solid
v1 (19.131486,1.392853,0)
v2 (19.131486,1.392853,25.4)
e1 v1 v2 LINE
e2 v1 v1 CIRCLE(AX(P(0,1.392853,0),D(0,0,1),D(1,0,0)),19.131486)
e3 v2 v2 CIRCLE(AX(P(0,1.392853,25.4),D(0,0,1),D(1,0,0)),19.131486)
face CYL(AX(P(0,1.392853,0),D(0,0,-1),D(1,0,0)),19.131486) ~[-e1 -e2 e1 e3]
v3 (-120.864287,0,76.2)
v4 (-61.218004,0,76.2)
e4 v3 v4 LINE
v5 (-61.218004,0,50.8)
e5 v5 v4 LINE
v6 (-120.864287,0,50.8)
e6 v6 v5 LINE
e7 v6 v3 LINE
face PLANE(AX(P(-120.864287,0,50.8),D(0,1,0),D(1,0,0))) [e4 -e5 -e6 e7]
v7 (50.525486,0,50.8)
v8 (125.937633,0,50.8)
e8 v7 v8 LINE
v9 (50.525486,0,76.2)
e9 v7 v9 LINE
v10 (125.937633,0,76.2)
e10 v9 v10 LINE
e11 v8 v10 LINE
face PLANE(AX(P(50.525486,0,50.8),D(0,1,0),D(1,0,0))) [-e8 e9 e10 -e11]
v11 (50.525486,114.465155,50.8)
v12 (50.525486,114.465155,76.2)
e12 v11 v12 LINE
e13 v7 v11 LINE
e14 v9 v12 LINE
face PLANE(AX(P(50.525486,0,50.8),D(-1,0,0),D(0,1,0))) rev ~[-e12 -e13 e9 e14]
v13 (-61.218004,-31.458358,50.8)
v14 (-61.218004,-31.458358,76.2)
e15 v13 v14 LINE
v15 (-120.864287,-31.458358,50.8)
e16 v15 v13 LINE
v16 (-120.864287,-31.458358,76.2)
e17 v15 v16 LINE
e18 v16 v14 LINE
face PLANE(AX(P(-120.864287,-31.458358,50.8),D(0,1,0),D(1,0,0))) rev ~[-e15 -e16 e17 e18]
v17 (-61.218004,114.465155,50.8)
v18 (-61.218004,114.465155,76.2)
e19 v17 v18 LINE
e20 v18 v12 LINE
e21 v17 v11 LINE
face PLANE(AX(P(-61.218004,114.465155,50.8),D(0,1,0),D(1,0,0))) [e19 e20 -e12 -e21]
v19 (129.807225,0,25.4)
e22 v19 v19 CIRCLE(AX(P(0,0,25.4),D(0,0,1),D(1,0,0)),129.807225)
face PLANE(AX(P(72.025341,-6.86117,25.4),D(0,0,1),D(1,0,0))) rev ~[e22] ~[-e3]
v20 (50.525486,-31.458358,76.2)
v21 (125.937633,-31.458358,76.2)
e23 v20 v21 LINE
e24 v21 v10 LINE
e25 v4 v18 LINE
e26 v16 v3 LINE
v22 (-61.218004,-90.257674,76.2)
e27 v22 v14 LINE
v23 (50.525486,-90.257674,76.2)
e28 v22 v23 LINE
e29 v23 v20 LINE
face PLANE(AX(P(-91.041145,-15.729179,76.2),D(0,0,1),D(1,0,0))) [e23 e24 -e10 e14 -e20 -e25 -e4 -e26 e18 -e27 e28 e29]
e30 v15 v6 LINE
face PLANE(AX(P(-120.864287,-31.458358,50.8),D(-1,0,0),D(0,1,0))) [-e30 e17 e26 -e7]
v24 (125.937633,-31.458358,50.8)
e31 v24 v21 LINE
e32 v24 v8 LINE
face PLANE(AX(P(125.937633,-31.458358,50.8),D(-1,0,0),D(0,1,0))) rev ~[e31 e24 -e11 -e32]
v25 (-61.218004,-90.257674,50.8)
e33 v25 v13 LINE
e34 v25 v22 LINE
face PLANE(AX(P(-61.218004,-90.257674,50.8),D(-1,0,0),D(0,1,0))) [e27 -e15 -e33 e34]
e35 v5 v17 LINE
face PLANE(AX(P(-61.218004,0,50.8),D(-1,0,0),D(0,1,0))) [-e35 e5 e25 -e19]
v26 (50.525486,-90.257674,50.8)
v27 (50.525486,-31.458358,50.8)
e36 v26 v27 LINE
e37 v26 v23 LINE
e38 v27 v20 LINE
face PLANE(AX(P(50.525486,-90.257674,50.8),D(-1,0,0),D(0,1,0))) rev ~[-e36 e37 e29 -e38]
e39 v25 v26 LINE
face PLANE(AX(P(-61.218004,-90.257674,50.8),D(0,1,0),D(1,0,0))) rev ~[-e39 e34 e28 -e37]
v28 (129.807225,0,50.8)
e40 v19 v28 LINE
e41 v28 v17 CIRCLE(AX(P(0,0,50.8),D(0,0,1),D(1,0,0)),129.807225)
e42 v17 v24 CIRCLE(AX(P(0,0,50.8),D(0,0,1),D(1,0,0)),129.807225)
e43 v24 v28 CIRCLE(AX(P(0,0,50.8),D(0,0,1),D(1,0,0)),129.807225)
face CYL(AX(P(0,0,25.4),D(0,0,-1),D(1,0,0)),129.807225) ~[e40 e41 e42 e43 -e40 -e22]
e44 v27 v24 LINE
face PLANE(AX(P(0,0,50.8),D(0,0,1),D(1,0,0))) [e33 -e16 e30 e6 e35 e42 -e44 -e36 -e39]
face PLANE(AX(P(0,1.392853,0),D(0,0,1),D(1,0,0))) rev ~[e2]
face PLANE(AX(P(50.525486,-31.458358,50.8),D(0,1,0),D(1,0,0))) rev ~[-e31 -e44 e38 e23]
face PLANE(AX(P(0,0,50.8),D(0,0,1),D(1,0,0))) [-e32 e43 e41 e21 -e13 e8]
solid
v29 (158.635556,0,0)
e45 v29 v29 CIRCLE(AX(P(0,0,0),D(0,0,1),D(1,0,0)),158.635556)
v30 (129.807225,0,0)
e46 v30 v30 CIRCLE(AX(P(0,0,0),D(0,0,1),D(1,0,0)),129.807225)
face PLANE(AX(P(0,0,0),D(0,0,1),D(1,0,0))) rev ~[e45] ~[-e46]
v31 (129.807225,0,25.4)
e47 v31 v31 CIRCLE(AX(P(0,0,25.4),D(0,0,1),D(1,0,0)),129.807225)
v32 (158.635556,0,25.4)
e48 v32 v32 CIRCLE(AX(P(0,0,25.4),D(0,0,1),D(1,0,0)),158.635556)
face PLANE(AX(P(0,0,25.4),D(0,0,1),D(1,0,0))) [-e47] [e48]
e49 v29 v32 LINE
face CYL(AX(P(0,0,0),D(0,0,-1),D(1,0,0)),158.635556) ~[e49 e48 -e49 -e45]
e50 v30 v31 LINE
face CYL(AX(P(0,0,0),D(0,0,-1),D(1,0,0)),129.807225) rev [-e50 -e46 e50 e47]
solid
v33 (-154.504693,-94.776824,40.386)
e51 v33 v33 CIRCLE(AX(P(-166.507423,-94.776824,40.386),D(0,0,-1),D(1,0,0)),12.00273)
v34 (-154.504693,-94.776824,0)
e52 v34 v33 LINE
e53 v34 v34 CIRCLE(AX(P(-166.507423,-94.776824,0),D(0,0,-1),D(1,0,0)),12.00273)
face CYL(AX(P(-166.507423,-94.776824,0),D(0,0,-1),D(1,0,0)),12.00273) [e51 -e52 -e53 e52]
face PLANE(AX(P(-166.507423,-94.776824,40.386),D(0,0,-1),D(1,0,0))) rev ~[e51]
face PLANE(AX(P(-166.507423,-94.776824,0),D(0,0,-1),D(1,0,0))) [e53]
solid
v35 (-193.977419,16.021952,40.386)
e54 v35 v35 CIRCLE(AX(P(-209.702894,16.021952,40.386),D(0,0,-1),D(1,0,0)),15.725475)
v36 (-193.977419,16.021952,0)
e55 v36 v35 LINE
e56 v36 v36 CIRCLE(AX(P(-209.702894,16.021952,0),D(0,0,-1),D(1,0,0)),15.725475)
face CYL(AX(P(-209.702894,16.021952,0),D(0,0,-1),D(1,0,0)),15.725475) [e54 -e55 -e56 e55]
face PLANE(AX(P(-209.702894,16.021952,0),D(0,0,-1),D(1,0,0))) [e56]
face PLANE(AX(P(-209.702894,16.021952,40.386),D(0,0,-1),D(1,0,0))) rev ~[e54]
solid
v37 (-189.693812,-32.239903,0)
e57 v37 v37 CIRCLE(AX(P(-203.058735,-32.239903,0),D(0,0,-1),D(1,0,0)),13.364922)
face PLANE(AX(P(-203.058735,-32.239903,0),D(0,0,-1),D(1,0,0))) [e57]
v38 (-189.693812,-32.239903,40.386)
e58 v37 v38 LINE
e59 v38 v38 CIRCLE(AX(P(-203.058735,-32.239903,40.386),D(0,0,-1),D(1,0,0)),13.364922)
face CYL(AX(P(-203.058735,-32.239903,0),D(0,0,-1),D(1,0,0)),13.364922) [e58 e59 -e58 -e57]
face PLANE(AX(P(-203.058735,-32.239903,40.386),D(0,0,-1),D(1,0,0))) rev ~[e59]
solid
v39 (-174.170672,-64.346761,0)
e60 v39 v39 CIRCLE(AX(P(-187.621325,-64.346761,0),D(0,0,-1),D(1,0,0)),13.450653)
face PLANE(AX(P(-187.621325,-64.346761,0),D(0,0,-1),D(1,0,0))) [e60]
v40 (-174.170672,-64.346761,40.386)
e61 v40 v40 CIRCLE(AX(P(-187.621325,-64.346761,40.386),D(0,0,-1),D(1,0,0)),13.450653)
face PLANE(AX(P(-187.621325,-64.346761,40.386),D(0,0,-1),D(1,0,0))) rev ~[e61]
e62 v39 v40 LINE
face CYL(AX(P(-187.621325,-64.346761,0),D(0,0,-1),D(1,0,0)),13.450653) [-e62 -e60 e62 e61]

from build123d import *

# Parameters (mm, degrees)
F0_R     = 158.6355563787
F0_R_2   = 129.8072251159
F1_DEPTH = 25.4
F0_R_3   = 19.131486476
F3_R     = 15.7254746823
F4_DEPTH = 40.386
F3_R_2   = 13.3649222473
F3_R_3   = 13.4506528885
F3_R_4   = 12.002730361
F5_W     = 94.1363926977
F5_H     = 13.7223405764
F5_W_2   = 24.9571446329
F5_H_2   = 65.5404450372
F5_W_3   = 19.3717125803
F5_H_3   = 56.289691478
F2_R     = 129.8072251159
F6_DEPTH = 25.4
F7_W     = 59.6462831741
F7_H     = 31.4583579175
F7_W_2   = 111.743490314
F7_H_2   = 114.4651549493
F7_W_3   = 75.4121465458
F7_H_3   = 58.7993165381
F8_DEPTH = 25.4


with BuildPart() as f1:
    # F0 (on Top) → F1 (new body)
    with BuildSketch(Plane.XY):
        Circle(F0_R)
        Circle(F0_R_2, mode=Mode.SUBTRACT)
    extrude(amount=F1_DEPTH)



with BuildPart() as f1b:
    # F0 (on Top) → F1, piece 2 (new body)
    with BuildSketch(Plane.XY):
        with Locations((0, 1.392852515)):
            Circle(F0_R_3)
    extrude(amount=F1_DEPTH)


with BuildPart() as f4:
    # F3 (on face) → F4 (new body)
    with BuildSketch(Plane(origin=(0, 0, 0), x_dir=(1, 0, 0), z_dir=(0, 0, -1))):
        with Locations((-209.7028940916, -16.021952033)):
            Circle(F3_R)
    extrude(amount=-F4_DEPTH)


with BuildPart() as f4b:
    # F3 (on face) → F4, piece 2 (new body)
    with BuildSketch(Plane(origin=(0, 0, 0), x_dir=(1, 0, 0), z_dir=(0, 0, -1))):
        with Locations((-203.0587345362, 32.2399027646)):
            Circle(F3_R_2)
    extrude(amount=-F4_DEPTH)


with BuildPart() as f4c:
    # F3 (on face) → F4, piece 3 (new body)
    with BuildSketch(Plane(origin=(0, 0, 0), x_dir=(1, 0, 0), z_dir=(0, 0, -1))):
        with Locations((-187.6213252544, 64.3467605114)):
            Circle(F3_R_3)
    extrude(amount=-F4_DEPTH)


with BuildPart() as f4d:
    # F3 (on face) → F4, piece 4 (new body)
    with BuildSketch(Plane(origin=(0, 0, 0), x_dir=(1, 0, 0), z_dir=(0, 0, -1))):
        with Locations((-166.507422924, 94.7768241167)):
            Circle(F3_R_4)
    extrude(amount=-F4_DEPTH)


with BuildPart() as f1_1:
    add(f1.part)

    add(f1b.part)  # F6 merges F1b
    # F5 (on face) + F2 (on face) → F6 (join)
    with BuildSketch(Plane.XY.offset(25.4)):
        with Locations((72.0253409818, -6.8611702882)):
            Rectangle(F5_W, F5_H)
        with Locations((12.4785723165, -46.4925630949)):
            Rectangle(F5_W_2, F5_H_2)
        with Locations((-9.6858562902, 46.871772036)):
            Rectangle(F5_W_3, F5_H_3)
    with BuildSketch(Plane.XY.offset(25.4)):
        Circle(F2_R)
    extrude(amount=F6_DEPTH)

    # F7 (on face) → F8 (join)
    with BuildSketch(Plane.XY.offset(50.8)):
        with Locations((-91.0411454317, -15.7291789588)):
            Rectangle(F7_W, F7_H)
        with Locations((-5.3462586877, 57.2325774747)):
            Rectangle(F7_W_2, F7_H_2)
        with Locations((-5.3462586877, -15.7291789588)):
            Rectangle(F7_W_2, F7_H)
        with Locations((88.2315597422, -15.7291789588)):
            Rectangle(F7_W_3, F7_H)
        with Locations((-5.3462586877, -60.8580161866)):
            Rectangle(F7_W_2, F7_H_3)
    extrude(amount=F8_DEPTH)


solid = Compound([f4.part, f4b.part, f4c.part, f4d.part, f1_1.part])
